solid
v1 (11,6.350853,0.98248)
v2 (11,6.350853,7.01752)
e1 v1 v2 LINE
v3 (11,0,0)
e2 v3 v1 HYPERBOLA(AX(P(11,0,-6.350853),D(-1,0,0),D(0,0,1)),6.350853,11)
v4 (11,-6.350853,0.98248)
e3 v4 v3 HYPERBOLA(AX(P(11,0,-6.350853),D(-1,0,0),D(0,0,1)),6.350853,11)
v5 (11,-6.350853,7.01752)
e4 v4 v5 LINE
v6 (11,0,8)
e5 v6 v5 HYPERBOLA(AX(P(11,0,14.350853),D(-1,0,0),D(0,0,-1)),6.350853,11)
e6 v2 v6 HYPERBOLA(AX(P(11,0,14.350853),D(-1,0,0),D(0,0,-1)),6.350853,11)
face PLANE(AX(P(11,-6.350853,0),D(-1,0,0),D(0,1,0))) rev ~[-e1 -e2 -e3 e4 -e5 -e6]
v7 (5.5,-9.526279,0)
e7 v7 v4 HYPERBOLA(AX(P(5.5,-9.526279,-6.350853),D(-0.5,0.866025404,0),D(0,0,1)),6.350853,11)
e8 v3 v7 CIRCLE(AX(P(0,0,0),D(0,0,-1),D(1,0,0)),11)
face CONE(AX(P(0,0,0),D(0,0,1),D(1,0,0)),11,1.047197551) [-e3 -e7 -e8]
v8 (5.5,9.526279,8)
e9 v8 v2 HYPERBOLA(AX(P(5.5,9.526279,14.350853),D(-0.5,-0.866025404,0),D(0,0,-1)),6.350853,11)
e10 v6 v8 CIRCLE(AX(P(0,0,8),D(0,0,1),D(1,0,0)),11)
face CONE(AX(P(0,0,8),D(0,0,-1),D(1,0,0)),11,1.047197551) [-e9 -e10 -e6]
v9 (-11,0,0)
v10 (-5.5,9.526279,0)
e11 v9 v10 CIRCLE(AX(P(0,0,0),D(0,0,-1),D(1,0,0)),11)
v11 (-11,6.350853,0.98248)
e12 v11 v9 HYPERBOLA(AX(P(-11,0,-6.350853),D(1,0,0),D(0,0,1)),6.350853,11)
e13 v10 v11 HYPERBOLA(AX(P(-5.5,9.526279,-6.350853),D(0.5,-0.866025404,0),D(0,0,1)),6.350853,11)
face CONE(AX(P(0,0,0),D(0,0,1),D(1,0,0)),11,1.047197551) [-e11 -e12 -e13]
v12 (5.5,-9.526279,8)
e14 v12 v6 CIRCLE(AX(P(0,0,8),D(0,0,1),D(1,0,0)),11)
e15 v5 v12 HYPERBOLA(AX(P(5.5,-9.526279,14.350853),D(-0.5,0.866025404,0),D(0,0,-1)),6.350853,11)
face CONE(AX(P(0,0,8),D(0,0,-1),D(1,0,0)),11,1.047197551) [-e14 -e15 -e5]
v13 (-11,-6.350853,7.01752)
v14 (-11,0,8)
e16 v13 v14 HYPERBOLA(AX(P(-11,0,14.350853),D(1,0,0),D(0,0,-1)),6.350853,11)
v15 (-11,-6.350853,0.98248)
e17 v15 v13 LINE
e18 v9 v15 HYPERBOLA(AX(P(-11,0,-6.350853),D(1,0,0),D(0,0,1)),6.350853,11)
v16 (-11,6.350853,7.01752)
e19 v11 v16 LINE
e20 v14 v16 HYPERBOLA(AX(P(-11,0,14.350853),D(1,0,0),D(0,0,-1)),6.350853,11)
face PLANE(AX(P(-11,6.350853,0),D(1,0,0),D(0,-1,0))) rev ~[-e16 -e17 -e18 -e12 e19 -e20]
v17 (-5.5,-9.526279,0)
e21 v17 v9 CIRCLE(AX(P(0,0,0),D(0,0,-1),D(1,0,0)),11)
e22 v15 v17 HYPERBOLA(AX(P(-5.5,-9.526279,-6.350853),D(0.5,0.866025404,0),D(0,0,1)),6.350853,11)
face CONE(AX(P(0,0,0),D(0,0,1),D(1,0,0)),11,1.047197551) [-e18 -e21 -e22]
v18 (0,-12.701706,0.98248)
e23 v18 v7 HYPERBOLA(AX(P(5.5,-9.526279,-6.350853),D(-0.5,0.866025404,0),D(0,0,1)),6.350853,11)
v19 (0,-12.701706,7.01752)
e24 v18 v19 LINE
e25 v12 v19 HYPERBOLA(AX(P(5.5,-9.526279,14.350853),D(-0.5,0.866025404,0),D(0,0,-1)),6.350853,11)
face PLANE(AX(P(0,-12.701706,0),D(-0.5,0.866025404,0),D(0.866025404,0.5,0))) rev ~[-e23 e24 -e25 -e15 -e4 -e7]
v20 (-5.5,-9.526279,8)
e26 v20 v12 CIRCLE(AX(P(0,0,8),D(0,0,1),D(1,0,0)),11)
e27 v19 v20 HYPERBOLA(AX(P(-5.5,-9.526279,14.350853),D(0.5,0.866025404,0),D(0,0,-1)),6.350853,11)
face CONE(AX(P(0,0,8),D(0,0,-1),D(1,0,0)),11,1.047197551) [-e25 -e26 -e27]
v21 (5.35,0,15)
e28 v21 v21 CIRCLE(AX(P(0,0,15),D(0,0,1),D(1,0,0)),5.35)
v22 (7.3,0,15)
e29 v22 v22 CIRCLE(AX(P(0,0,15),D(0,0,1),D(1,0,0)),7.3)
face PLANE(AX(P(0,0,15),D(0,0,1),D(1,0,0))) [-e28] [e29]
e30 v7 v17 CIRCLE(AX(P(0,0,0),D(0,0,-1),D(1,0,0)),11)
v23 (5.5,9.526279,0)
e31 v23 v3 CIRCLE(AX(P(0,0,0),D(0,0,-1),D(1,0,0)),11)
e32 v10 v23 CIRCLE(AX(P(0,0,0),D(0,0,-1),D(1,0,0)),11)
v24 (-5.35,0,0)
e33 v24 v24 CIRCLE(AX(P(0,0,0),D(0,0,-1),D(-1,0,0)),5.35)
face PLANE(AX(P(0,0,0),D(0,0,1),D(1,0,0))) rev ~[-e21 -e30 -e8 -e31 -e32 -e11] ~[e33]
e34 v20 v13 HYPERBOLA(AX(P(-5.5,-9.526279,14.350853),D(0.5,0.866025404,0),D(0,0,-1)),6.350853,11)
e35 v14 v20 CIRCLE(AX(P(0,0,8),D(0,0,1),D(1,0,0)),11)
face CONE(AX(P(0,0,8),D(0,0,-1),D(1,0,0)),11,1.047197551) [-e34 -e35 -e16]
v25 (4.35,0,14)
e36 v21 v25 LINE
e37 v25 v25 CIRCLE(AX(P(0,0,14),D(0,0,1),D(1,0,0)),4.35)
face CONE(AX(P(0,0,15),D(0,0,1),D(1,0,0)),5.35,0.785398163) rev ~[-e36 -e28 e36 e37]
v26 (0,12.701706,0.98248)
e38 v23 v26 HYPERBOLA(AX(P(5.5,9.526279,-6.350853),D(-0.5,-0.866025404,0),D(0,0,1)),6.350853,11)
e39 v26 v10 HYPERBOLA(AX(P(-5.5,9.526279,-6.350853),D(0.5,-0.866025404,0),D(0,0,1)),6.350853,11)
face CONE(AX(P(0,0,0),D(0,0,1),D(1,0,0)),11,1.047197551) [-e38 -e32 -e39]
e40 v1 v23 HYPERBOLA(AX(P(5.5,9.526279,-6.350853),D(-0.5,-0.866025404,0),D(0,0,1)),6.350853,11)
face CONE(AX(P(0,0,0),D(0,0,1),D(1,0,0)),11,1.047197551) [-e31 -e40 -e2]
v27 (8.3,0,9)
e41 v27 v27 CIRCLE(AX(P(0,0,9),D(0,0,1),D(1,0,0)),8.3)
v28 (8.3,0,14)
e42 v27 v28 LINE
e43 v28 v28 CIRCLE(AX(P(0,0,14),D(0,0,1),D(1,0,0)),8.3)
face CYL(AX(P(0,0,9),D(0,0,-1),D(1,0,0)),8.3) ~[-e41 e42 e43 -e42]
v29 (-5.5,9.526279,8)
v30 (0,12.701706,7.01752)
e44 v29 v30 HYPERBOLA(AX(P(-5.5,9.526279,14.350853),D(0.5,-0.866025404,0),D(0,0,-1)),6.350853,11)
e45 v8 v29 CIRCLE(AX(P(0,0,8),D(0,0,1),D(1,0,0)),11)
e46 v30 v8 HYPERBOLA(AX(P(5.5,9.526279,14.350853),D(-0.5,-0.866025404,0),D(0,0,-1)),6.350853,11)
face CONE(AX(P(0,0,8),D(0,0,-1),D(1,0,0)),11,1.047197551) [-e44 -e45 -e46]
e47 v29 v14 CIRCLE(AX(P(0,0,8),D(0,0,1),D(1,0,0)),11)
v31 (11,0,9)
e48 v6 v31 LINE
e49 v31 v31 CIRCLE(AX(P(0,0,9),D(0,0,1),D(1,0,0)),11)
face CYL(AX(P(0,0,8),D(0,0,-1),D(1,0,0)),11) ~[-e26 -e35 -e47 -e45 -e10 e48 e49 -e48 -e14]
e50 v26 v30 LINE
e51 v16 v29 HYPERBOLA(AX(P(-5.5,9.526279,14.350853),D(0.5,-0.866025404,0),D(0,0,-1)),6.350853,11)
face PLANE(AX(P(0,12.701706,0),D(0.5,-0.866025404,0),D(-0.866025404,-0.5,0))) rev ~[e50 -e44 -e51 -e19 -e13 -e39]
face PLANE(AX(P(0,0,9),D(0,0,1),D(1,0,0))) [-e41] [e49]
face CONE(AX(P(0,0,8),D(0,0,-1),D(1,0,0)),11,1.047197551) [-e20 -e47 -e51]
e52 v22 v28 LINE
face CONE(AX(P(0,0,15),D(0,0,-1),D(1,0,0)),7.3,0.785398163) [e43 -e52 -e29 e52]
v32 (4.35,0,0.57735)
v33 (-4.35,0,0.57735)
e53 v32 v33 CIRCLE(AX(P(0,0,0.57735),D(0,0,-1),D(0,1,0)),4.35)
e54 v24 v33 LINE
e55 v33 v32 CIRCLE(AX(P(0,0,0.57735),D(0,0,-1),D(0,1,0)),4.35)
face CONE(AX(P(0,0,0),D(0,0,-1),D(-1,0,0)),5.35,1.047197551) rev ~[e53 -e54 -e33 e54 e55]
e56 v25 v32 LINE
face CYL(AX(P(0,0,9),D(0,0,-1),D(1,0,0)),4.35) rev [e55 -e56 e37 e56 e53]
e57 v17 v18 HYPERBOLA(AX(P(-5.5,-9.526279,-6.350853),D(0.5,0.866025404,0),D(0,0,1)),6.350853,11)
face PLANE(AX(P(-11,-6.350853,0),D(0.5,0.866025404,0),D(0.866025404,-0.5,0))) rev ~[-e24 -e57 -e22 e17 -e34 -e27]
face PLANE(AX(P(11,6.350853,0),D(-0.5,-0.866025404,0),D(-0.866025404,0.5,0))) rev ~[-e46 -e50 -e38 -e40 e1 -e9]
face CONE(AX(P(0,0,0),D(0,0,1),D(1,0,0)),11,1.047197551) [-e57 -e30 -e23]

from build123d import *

# Parameters (mm, degrees)
SKETCH1_R                            = 4.35
BOSS_EXTRUDE1_DEPTH                  = 8
SKETCH2_R                            = 11
SKETCH2_R_2                          = 4.35
BOSS_EXTRUDE2_DEPTH                  = 1
SKETCH3_R                            = 8.3
SKETCH3_R_2                          = 4.35
BOSS_EXTRUDE3_DEPTH                  = 6
SZKIC9_OUTSIDE_W                     = 34.824
SZKIC9_OUTSIDE_H                     = 38.228
SZKIC9_OUTSIDE_R                     = 11
WYTNIJ_WYCI_GNI_CIE3_DEPTH           = 1
WYTNIJ_WYCI_GNI_CIE3_DRAFT           = -60
SZKIC10_OUTSIDE_W                    = 34.824
SZKIC10_OUTSIDE_H                    = 38.228
SZKIC10_OUTSIDE_R                    = 11
WYTNIJ_WYCI_GNI_CIE4_DEPTH           = 1
WYTNIJ_WYCI_GNI_CIE4_DRAFT           = -60
SZKIC11_R                            = 5.35
WYTNIJ_WYCI_GNI_CIE5_DEPTH           = 1
WYTNIJ_WYCI_GNI_CIE5_DRAFT           = -60
SZKIC13_OUTSIDE_W                    = 33.36
SZKIC13_OUTSIDE_H                    = 36.764
SZKIC13_OUTSIDE_R                    = 7.3
WYTNIJ_WYCI_GNI_CIE8_DEPTH           = 1
WYTNIJ_WYCI_GNI_CIE8_DRAFT           = -45
SZKIC13_OUTSIDE_R_2                  = 5.35
WYTNIJ_WYCI_GNI_CIE8_PROFILE_2_DEPTH = 1
WYTNIJ_WYCI_GNI_CIE8_PROFILE_2_DRAFT = -45


with BuildPart() as part:
    # Sketch1 → Boss-Extrude1 (new body)
    with BuildSketch(Plane.XY):
        Polygon((-11, 6.350852961), (-11, -6.350852961), (0, -12.701705922), (11, -6.350852961), (11, 6.350852961), (0, 12.701705922), align=None)
        Circle(SKETCH1_R, mode=Mode.SUBTRACT)
    extrude(amount=BOSS_EXTRUDE1_DEPTH)

    # Sketch2 → Boss-Extrude2 (add)
    with BuildSketch(Plane.XY.offset(8)):
        Circle(SKETCH2_R)
        Circle(SKETCH2_R_2, mode=Mode.SUBTRACT)
    extrude(amount=BOSS_EXTRUDE2_DEPTH)

    # Sketch3 → Boss-Extrude3 (add)
    with BuildSketch(Plane.XY.offset(9)):
        Circle(SKETCH3_R)
        Circle(SKETCH3_R_2, mode=Mode.SUBTRACT)
    extrude(amount=BOSS_EXTRUDE3_DEPTH)


with BuildPart() as wytnij_wyci_gni_cie3_tool:
    # Szkic9 outside → Wytnij-wyciągnięcie3 (with draft: the straight prism first)
    with BuildSketch(Plane(origin=(0, 0, 0), x_dir=(-1, 0, 0), z_dir=(0, 0, -1))):
        Rectangle(SZKIC9_OUTSIDE_W, SZKIC9_OUTSIDE_H)
        with Locations(Location((0, 0, 0), (0, 0, 180))):
            Circle(SZKIC9_OUTSIDE_R, mode=Mode.SUBTRACT)
    extrude(amount=-WYTNIJ_WYCI_GNI_CIE3_DEPTH)
    # Wytnij-wyciągnięcie3: the draft: its side faces are tilted about the plane it starts from
    wytnij_wyci_gni_cie3_sides = [wytnij_wyci_gni_cie3_tool.faces().sort_by_distance(p)[0] for p in [
        (0, -19.114, 0.5),
        (-17.412, 0, 0.5),
        (0, 19.114, 0.5),
        (17.412, 0, 0.5),
        (-11, 0, 0.5),
    ]]
    draft(wytnij_wyci_gni_cie3_sides, Plane(origin=(0, 0, 0), x_dir=(-1, 0, 0), z_dir=(0, 0, -1)), WYTNIJ_WYCI_GNI_CIE3_DRAFT)


with BuildPart() as part_1:
    add(part.part)

    # Wytnij-wyciągnięcie3: cut by wytnij_wyci_gni_cie3_tool
    add(wytnij_wyci_gni_cie3_tool.part, mode=Mode.SUBTRACT)


with BuildPart() as wytnij_wyci_gni_cie4_tool:
    # Szkic10 outside → Wytnij-wyciągnięcie4 (with draft: the straight prism first)
    with BuildSketch(Plane.XY.offset(8)):
        Rectangle(SZKIC10_OUTSIDE_W, SZKIC10_OUTSIDE_H)
        Circle(SZKIC10_OUTSIDE_R, mode=Mode.SUBTRACT)
    extrude(amount=-WYTNIJ_WYCI_GNI_CIE4_DEPTH)
    # Wytnij-wyciągnięcie4: the draft: its side faces are tilted about the plane it starts from
    wytnij_wyci_gni_cie4_sides = [wytnij_wyci_gni_cie4_tool.faces().sort_by_distance(p)[0] for p in [
        (0, -19.114, 7.5),
        (17.412, 0, 7.5),
        (0, 19.114, 7.5),
        (-17.412, 0, 7.5),
        (-11, 0, 7.5),
    ]]
    draft(wytnij_wyci_gni_cie4_sides, Plane.XY.offset(8), WYTNIJ_WYCI_GNI_CIE4_DRAFT)


with BuildPart() as part_2:
    add(part_1.part)

    # Wytnij-wyciągnięcie4: cut by wytnij_wyci_gni_cie4_tool
    add(wytnij_wyci_gni_cie4_tool.part, mode=Mode.SUBTRACT)


with BuildPart() as wytnij_wyci_gni_cie5_tool:
    # Szkic11 → Wytnij-wyciągnięcie5 (with draft: the straight prism first)
    with BuildSketch(Plane(origin=(0, 0, 0), x_dir=(-1, 0, 0), z_dir=(0, 0, -1))):
        Circle(SZKIC11_R)
    extrude(amount=-WYTNIJ_WYCI_GNI_CIE5_DEPTH)
    # Wytnij-wyciągnięcie5: the draft: its side faces are tilted about the plane it starts from
    wytnij_wyci_gni_cie5_sides = [wytnij_wyci_gni_cie5_tool.faces().sort_by_distance(p)[0] for p in [
        (5.35, 0, 0.5),
    ]]
    draft(wytnij_wyci_gni_cie5_sides, Plane(origin=(0, 0, 0), x_dir=(-1, 0, 0), z_dir=(0, 0, -1)), WYTNIJ_WYCI_GNI_CIE5_DRAFT)


with BuildPart() as part_3:
    add(part_2.part)

    # Wytnij-wyciągnięcie5: cut by wytnij_wyci_gni_cie5_tool
    add(wytnij_wyci_gni_cie5_tool.part, mode=Mode.SUBTRACT)


with BuildPart() as wytnij_wyci_gni_cie8_tool:
    # Szkic13 outside → Wytnij-wyciągnięcie8 (with draft: the straight prism first)
    with BuildSketch(Plane.XY.offset(15)):
        Rectangle(SZKIC13_OUTSIDE_W, SZKIC13_OUTSIDE_H)
        Circle(SZKIC13_OUTSIDE_R, mode=Mode.SUBTRACT)
    extrude(amount=-WYTNIJ_WYCI_GNI_CIE8_DEPTH)
    # Wytnij-wyciągnięcie8: the draft: its side faces are tilted about the plane it starts from
    wytnij_wyci_gni_cie8_sides = [wytnij_wyci_gni_cie8_tool.faces().sort_by_distance(p)[0] for p in [
        (0, -18.382, 14.5),
        (16.68, 0, 14.5),
        (0, 18.382, 14.5),
        (-16.68, 0, 14.5),
        (-7.3, 0, 14.5),
    ]]
    draft(wytnij_wyci_gni_cie8_sides, Plane.XY.offset(15), WYTNIJ_WYCI_GNI_CIE8_DRAFT)


with BuildPart() as part_4:
    add(part_3.part)

    # Wytnij-wyciągnięcie8: cut by wytnij_wyci_gni_cie8_tool
    add(wytnij_wyci_gni_cie8_tool.part, mode=Mode.SUBTRACT)


with BuildPart() as wytnij_wyci_gni_cie8_profile_2_tool:
    # Szkic13 outside → Wytnij-wyciągnięcie8 profile 2 (with draft: the straight prism first)
    with BuildSketch(Plane.XY.offset(15)):
        Circle(SZKIC13_OUTSIDE_R_2)
    extrude(amount=-WYTNIJ_WYCI_GNI_CIE8_PROFILE_2_DEPTH)
    # Wytnij-wyciągnięcie8 profile 2: the draft: its side faces are tilted about the plane it starts from
    wytnij_wyci_gni_cie8_profile_2_sides = [wytnij_wyci_gni_cie8_profile_2_tool.faces().sort_by_distance(p)[0] for p in [
        (-5.35, 0, 14.5),
    ]]
    draft(wytnij_wyci_gni_cie8_profile_2_sides, Plane.XY.offset(15), WYTNIJ_WYCI_GNI_CIE8_PROFILE_2_DRAFT)


with BuildPart() as part_5:
    add(part_4.part)

    # Wytnij-wyciągnięcie8 profile 2: cut by wytnij_wyci_gni_cie8_profile_2_tool
    add(wytnij_wyci_gni_cie8_profile_2_tool.part, mode=Mode.SUBTRACT)


solid = part_5.part
